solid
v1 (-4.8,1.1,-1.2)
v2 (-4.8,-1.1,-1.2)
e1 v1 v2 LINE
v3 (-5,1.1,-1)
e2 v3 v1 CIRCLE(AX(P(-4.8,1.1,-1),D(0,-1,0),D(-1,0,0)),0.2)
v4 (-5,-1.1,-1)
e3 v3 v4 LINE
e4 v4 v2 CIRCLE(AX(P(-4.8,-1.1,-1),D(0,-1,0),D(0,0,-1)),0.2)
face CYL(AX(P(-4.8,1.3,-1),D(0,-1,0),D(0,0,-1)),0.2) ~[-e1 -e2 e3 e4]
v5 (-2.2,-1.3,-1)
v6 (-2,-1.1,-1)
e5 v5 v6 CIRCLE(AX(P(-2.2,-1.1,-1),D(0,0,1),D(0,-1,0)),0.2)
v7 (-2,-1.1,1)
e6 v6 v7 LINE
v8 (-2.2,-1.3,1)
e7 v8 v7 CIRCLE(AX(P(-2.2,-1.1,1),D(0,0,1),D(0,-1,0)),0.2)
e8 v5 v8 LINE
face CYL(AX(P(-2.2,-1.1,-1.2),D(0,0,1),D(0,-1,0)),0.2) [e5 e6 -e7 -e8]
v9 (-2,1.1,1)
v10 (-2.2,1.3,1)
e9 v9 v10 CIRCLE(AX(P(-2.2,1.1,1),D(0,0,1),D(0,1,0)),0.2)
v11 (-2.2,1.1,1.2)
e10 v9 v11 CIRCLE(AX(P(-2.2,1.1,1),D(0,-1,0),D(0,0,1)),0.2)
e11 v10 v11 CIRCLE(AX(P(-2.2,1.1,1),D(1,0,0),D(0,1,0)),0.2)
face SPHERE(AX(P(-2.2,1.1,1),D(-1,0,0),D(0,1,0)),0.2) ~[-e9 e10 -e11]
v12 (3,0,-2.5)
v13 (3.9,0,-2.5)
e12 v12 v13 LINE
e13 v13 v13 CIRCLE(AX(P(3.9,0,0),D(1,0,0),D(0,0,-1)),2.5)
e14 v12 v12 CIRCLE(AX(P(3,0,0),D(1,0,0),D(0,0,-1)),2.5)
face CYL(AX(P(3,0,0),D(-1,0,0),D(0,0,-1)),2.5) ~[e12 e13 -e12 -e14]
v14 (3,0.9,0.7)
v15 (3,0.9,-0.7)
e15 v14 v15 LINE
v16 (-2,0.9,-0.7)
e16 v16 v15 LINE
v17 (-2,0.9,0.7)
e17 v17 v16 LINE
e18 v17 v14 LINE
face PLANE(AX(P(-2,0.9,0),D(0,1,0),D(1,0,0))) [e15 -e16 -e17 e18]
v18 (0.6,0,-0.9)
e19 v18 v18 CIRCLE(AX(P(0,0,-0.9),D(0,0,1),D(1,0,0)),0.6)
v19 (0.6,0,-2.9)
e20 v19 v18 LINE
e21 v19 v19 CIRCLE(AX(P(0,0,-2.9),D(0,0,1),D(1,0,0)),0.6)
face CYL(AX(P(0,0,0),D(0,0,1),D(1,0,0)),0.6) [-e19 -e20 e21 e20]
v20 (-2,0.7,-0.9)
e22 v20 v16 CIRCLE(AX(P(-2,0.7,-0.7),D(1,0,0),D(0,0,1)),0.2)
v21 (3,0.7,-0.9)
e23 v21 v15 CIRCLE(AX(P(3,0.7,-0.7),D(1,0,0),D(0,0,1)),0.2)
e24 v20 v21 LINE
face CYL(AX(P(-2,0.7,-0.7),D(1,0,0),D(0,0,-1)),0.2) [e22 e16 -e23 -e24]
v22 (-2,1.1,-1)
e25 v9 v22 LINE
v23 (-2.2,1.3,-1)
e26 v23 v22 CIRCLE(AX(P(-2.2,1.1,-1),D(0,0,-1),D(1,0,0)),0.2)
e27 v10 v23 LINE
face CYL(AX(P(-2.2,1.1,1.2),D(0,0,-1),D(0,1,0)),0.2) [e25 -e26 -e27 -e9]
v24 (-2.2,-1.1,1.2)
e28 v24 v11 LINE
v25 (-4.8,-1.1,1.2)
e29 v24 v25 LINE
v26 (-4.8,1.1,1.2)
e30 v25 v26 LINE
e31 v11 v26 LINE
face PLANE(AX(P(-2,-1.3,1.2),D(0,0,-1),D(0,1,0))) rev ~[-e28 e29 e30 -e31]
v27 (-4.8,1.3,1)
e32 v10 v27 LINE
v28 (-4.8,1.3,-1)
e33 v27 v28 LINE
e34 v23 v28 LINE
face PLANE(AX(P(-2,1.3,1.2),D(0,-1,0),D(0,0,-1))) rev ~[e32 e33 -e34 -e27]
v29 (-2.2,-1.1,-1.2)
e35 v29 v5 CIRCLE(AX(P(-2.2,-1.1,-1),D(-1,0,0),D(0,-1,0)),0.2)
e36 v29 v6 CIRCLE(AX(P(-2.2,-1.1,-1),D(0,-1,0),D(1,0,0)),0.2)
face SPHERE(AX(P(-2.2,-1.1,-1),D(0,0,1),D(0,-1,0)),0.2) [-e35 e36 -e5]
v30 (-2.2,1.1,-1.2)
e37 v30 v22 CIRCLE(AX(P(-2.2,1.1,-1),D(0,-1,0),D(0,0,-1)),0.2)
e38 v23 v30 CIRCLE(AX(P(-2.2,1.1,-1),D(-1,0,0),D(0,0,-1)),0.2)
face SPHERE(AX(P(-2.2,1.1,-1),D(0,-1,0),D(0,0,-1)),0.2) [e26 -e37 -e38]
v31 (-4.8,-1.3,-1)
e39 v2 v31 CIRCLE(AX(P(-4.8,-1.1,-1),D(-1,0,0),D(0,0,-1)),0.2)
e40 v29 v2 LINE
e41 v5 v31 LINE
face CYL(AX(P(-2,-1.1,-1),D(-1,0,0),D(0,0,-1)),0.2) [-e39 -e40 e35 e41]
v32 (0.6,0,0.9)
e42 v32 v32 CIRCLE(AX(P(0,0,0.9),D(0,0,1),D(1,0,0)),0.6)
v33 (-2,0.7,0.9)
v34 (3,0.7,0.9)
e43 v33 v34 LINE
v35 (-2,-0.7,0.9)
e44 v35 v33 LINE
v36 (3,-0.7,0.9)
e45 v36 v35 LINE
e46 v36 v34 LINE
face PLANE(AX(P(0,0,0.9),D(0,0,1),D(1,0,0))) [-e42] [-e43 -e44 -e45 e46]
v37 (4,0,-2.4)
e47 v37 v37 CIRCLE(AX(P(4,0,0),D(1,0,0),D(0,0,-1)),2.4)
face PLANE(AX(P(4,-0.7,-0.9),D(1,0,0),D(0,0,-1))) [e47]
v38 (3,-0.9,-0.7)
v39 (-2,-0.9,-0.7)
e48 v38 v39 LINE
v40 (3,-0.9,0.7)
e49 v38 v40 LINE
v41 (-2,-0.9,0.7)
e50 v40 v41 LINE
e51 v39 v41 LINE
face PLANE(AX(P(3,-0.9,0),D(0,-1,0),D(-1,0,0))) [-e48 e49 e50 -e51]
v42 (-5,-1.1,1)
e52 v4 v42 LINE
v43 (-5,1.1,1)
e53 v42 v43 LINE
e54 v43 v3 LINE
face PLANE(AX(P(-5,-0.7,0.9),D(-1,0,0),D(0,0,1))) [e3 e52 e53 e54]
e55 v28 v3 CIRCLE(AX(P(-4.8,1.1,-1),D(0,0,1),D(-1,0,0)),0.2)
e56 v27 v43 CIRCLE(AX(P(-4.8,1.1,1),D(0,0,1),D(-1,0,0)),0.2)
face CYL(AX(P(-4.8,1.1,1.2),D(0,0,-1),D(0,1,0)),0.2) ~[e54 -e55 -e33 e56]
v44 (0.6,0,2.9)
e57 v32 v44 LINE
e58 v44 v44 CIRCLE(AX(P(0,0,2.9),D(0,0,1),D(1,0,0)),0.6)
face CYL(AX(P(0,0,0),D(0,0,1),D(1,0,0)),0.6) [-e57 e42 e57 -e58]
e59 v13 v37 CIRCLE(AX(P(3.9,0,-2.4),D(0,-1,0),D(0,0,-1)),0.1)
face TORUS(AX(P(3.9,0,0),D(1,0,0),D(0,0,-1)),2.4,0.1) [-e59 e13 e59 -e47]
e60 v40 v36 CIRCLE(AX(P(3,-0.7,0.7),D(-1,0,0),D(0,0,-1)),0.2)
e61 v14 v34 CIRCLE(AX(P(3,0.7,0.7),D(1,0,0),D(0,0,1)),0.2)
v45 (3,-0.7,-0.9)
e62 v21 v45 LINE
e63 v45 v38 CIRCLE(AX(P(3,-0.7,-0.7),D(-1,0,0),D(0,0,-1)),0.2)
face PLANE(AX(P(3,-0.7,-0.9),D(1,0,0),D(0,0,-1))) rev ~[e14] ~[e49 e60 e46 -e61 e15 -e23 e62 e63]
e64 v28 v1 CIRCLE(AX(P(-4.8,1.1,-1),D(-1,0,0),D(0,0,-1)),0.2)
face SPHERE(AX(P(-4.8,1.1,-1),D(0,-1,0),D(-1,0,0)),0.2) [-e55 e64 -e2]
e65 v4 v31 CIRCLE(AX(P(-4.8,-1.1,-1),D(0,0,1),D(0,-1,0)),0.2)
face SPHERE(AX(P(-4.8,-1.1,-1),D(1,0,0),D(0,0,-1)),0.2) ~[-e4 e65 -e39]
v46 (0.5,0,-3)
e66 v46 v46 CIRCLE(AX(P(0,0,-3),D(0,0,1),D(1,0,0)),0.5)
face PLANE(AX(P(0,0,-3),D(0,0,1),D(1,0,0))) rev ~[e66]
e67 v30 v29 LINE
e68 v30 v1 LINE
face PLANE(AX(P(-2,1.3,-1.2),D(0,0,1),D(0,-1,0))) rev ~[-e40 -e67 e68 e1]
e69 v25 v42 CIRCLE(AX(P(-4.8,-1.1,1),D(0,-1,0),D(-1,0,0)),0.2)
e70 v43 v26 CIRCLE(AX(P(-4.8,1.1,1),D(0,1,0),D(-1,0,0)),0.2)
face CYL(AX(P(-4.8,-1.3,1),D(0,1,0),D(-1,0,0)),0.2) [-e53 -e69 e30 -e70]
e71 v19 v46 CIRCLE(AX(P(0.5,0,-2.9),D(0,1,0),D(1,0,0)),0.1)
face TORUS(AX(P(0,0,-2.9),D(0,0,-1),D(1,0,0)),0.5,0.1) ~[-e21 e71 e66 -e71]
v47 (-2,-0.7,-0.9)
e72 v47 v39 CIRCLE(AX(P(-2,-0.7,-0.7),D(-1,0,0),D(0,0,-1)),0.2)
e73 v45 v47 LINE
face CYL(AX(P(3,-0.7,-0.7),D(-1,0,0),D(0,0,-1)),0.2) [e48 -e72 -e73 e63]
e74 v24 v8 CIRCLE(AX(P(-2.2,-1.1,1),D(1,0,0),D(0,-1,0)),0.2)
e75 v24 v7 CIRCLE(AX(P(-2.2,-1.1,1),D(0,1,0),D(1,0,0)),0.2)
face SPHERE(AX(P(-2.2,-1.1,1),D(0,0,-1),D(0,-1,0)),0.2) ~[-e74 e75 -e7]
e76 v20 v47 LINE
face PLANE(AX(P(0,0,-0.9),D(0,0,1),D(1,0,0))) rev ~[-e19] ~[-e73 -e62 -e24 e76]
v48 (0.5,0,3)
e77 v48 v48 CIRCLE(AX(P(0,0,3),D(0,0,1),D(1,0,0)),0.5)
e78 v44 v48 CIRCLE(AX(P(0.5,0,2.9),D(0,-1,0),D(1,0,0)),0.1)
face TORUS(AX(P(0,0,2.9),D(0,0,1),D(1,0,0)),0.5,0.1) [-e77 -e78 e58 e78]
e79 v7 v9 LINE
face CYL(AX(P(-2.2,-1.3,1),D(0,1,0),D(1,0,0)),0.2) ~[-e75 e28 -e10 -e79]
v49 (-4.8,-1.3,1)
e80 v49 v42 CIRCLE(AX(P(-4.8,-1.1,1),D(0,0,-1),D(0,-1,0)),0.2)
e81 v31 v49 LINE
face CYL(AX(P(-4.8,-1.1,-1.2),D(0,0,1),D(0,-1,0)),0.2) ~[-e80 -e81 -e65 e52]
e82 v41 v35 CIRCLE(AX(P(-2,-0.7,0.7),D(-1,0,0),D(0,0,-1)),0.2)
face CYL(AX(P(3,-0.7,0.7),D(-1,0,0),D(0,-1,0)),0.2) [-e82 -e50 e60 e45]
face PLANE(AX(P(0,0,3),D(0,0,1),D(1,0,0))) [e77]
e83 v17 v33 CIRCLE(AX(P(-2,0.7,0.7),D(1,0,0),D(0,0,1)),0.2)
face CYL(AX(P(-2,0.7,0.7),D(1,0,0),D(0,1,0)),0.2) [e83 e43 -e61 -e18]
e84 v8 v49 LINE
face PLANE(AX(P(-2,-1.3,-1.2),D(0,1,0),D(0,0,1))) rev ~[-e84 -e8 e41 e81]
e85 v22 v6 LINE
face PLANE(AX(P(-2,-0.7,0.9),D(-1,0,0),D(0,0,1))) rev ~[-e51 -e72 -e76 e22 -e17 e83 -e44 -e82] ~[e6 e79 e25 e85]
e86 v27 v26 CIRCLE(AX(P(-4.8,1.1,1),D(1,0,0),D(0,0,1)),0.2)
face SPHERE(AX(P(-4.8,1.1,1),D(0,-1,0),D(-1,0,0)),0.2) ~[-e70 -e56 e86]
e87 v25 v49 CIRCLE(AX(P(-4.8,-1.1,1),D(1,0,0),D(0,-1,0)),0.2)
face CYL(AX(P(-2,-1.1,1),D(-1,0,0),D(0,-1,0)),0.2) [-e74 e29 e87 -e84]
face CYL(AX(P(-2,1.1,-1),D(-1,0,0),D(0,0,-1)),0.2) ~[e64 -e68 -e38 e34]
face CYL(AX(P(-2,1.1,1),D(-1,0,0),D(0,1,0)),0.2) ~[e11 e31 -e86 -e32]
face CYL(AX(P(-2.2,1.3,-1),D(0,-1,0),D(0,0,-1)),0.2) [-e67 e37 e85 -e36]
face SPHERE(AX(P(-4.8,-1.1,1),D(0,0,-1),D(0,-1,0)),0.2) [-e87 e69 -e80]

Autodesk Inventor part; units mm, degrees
ref_plane "YZ Plane" through (0, 0, 0) normal (1, 0, 0) x (0, 1, 0)
sketch "Sketch1" plane through (0, 0, 0) normal (0, 0, 1) x (1, 0, 0)
  circle A0 centre (0, 0) radius 0.6
  dimension "d0" = 1.2
extrude "Extrusion1" add sketch "Sketch1" against normal mid plane 6
sketch "Sketch3" plane through (0, 0, 0) normal (0, 0, 1) x (1, 0, 0)
  line L0 (0, 0) -> (3, 0)
  line L1 (0, 0) -> (-2, 0)
  line L2 (-2, 0) -> (-2, 0.9)
  line L3 (3, 0) -> (3, -0.9)
  line L4 (-2, 0.9) -> (3, 0.9)
  line L5 (3, 0.9) -> (3, -0.9)
  line L6 (3, -0.9) -> (-2, -0.9)
  line L7 (-2, -0.9) -> (-2, 0.9)
  dimension "d4" = 3
  dimension "d5" = 2
  dimension "d6" = 0.9
  dimension "d7" = 0.9
extrude "Extrusion2" add sketch "Sketch3" along normal mid plane 1.8
fillet "Fillet1" radius 0.2 4 edges at (0.5, 0.9, 0.9) (0.5, -0.9, 0.9) (0.5, 0.9, -0.9) (0.5, -0.9, -0.9)
ref_plane "Work Plane1" through (3, -0.7, -0.9) normal (1, 0, 0) x (0, 0, -1)
sketch "Sketch4" plane through (3, -0.7, -0.9) normal (1, 0, 0) x (0, 0, -1)
  circle A0 centre (-0.9, 0.7) radius 2.5
  dimension "d12" = 5
extrude "Extrusion3" add sketch "Sketch4" along normal blind 1
ref_plane "Work Plane2" through (-2, -0.7, 0.9) normal (-1, 0, 0) x (0, 0, 1)
sketch "Sketch5" plane through (-2, -0.7, 0.9) normal (-1, 0, 0) x (0, 0, 1)
  line L0 (-2.1, -0.6) -> (0.3, -0.6)
  line L1 (0.3, -0.6) -> (0.3, 2)
  line L2 (0.3, 2) -> (-2.1, 2)
  line L3 (-2.1, 2) -> (-2.1, -0.6)
  line L4 (-2.1, -0.6) -> (0.3, 2) construction
  line L5 (0.3, -0.6) -> (-2.1, 2) construction
  point P0 (-0.9, 0.7)
  dimension "d16" = 2.4
  dimension "d17" = 2.6
extrude "Extrusion4" add sketch "Sketch5" along normal blind 3
fillet "Fillet2" radius 0.2 12 edges at (-2, -1.3, 0) (-3.5, -1.3, -1.2) (-2, 0, -1.2) (-5, 0, -1.2) (-5, -1.3, 0) (-3.5, -1.3, 1.2) (-5, 0, 1.2) (-5, 1.3, 0) (-3.5, 1.3, 1.2) (-3.5, 1.3, -1.2) (-2, 1.3, 0) (-2, 0, 1.2)
fillet "Fillet3" radius 0.1 3 edges at (4, 0, 2.5) (-0.6, 0, 3) (-0.6, 0, -3)
properties part number "New_ThinGripper_base"
